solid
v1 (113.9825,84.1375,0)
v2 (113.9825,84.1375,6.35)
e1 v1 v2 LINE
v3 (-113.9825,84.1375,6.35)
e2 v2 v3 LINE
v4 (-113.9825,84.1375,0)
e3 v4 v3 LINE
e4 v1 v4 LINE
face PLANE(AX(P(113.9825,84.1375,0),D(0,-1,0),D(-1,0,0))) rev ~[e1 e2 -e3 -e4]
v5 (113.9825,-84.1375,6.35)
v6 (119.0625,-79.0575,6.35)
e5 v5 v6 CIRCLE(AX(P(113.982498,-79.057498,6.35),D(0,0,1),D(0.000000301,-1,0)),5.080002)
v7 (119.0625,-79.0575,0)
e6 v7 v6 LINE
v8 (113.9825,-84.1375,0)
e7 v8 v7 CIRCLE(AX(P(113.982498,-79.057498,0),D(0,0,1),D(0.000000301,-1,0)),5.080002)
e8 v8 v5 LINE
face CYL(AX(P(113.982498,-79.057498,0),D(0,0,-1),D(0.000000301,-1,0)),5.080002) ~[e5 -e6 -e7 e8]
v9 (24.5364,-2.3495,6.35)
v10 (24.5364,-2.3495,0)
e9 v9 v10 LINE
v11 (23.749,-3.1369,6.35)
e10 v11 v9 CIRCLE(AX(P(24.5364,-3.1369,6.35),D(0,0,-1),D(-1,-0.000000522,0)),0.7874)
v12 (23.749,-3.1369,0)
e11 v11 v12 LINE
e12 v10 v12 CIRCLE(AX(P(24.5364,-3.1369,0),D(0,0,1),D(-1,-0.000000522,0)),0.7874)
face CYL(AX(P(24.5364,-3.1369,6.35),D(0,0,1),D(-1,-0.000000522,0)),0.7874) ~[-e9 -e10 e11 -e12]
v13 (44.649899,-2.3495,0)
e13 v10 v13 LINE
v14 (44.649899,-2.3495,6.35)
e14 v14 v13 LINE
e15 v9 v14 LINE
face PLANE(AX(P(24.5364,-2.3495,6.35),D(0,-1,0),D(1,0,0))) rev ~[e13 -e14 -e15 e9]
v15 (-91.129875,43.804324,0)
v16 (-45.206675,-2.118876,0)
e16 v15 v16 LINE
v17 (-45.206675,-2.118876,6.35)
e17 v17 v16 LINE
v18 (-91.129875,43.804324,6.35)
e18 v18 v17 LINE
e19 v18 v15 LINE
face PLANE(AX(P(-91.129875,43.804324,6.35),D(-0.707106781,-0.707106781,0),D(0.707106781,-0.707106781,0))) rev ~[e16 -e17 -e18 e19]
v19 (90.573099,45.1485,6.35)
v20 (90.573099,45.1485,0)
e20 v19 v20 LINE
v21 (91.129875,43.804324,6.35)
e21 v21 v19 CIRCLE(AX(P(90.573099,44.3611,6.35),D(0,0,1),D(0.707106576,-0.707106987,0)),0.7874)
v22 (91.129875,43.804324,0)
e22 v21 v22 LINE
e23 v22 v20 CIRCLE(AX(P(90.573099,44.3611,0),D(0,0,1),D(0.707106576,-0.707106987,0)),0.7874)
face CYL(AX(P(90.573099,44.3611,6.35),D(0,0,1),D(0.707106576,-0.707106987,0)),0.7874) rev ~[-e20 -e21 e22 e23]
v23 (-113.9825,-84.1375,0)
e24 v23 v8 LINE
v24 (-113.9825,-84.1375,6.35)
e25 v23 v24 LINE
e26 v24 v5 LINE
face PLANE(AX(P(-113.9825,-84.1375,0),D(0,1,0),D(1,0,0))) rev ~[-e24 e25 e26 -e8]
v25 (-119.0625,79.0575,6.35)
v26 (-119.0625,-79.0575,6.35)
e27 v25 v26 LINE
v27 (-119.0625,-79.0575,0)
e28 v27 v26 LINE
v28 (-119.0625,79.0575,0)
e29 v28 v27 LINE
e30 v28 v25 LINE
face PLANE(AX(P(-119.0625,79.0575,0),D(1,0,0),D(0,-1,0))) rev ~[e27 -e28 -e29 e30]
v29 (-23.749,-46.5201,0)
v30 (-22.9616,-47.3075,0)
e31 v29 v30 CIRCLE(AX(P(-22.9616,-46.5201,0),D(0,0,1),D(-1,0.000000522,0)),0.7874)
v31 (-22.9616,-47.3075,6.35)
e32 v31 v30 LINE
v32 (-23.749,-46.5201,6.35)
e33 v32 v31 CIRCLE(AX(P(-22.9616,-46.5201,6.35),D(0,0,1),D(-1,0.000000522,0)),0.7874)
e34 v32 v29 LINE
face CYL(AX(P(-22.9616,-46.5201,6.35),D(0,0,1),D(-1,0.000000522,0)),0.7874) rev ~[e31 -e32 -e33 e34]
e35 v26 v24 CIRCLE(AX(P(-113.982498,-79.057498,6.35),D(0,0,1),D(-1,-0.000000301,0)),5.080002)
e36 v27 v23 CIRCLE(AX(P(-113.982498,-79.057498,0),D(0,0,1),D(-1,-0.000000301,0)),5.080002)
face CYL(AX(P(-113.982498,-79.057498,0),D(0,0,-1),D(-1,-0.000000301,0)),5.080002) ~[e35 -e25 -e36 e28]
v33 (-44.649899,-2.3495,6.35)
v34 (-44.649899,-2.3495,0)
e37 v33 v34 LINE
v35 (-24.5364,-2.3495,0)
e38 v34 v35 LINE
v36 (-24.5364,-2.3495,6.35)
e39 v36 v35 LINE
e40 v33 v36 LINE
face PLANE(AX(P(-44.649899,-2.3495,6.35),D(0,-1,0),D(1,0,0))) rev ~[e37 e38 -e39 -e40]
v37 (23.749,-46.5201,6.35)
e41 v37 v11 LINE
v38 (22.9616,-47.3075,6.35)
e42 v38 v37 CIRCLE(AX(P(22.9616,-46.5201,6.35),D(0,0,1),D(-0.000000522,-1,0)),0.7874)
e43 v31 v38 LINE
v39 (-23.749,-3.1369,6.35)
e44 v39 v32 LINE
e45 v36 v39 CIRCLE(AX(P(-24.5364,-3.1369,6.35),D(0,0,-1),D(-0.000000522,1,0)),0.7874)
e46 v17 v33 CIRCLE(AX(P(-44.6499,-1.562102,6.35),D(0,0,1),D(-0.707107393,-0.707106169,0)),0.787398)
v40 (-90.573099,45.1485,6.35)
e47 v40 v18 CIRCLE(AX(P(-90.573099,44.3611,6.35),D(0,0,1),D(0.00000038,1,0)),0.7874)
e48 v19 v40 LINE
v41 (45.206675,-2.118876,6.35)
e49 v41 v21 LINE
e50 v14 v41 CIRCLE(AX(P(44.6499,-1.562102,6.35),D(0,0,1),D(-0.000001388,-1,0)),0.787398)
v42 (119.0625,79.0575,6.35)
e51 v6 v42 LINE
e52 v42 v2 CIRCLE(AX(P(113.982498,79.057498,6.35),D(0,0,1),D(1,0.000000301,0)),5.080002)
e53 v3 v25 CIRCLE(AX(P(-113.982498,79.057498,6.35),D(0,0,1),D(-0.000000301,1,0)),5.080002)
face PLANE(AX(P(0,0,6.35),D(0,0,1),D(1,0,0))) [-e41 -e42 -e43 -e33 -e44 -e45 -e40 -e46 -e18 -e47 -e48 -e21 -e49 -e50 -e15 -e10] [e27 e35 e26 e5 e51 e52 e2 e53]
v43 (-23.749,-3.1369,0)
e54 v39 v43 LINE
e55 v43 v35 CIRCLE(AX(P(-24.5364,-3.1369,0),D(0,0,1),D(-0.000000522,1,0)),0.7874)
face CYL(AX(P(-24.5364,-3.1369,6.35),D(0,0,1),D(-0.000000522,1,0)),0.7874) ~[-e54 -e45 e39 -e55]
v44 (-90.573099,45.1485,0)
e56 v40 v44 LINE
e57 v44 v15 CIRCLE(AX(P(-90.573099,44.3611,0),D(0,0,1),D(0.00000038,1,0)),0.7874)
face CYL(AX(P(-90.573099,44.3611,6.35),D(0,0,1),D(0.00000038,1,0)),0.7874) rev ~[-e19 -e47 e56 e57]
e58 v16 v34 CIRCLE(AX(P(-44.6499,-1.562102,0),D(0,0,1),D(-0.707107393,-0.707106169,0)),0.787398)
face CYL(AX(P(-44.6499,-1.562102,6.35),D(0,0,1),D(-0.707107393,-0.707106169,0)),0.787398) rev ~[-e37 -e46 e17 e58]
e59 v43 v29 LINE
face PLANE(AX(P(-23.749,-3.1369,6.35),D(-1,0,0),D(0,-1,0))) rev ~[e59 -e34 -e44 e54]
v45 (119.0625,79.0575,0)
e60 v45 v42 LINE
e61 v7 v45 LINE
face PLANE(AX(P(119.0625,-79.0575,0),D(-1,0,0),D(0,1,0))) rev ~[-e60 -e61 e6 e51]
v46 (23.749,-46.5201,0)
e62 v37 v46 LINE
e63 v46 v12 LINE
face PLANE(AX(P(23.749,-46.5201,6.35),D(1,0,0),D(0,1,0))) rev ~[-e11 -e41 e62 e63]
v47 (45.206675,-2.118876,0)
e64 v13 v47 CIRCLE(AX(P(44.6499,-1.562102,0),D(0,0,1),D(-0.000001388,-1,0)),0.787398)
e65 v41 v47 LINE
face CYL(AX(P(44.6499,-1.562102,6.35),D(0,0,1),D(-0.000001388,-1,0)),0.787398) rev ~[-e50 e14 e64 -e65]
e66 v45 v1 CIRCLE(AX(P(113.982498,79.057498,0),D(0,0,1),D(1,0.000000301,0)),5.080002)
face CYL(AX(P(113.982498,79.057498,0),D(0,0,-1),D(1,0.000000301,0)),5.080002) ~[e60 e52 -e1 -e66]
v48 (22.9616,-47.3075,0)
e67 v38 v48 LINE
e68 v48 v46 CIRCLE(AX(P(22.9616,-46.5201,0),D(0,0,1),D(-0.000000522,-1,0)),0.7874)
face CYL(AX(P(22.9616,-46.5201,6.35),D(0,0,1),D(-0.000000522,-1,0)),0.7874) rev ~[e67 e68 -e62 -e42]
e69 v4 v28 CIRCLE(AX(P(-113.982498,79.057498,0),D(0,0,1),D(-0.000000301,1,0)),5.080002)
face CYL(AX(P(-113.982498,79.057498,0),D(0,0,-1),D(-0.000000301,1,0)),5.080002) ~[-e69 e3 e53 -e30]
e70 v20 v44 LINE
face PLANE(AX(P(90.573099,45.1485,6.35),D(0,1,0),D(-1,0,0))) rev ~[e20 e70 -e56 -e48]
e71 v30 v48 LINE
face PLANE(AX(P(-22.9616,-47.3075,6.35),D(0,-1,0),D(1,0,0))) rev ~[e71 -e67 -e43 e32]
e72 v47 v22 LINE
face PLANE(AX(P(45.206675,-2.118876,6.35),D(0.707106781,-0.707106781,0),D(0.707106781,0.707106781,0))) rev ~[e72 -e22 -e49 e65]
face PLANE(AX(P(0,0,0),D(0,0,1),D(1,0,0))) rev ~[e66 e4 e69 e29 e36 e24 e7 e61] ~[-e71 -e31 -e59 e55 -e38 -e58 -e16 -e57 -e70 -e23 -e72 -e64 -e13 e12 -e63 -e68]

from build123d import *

# Parameters (mm, degrees)
F1_DEPTH = 6.35
F3_DEPTH = 25.4
F5_DEPTH = 25.4


with BuildPart() as f1:
    # F0 (on Top) → F1 (new body)
    with BuildSketch(Plane.XY):
        with BuildLine():
            Line((113.9825, 84.1375), (-113.9825, 84.1375))
            ThreePointArc((-113.9825, 84.1375), (-117.574602, 82.649602), (-119.0625, 79.0575))
            Line((-119.0625, 79.0575), (-119.0625, -79.0575))
            ThreePointArc((-119.0625, -79.0575), (-117.574602, -82.649602), (-113.9825, -84.1375))
            Line((-113.9825, -84.1375), (113.9825, -84.1375))
            ThreePointArc((113.9825, -84.1375), (117.574602, -82.649602), (119.0625, -79.0575))
            Line((119.0625, -79.0575), (119.0625, 79.0575))
            ThreePointArc((119.0625, 79.0575), (117.574602, 82.649602), (113.9825, 84.1375))
        make_face()
    extrude(amount=F1_DEPTH)

    # F2 (on face) → F3 (cut)
    with BuildSketch(Plane.XY.offset(6.35)):
        Polygon((89.408, 43.8785), (0, 43.8785), (-89.408, 43.8785), (-44.45, -1.0795), (-22.479, -1.0795), (-22.479, -46.0375), (0, -46.0375), (22.479, -46.0375), (22.479, -1.0795), (44.45, -1.0795), align=None)
    extrude(amount=-F3_DEPTH, mode=Mode.SUBTRACT)

    # F4 (on face) → F5 (cut)
    with BuildSketch(Plane.XY.offset(6.35)):
        with BuildLine():
            ThreePointArc((-90.573099, 45.1485), (-91.300562, 44.662425), (-91.129875, 43.804324))
            Line((-91.129875, 43.804324), (-45.206675, -2.118876))
            ThreePointArc((-45.206675, -2.118876), (-44.951224, -2.289563), (-44.649899, -2.3495))
            Line((-44.649899, -2.3495), (-24.5364, -2.3495))
            ThreePointArc((-24.5364, -2.3495), (-23.979624, -2.580124), (-23.749, -3.1369))
            Line((-23.749, -3.1369), (-23.749, -46.5201))
            ThreePointArc((-23.749, -46.5201), (-23.518376, -47.076876), (-22.9616, -47.3075))
            Line((-22.9616, -47.3075), (22.9616, -47.3075))
            ThreePointArc((22.9616, -47.3075), (23.518376, -47.076876), (23.749, -46.5201))
            Line((23.749, -46.5201), (23.749, -3.1369))
            ThreePointArc((23.749, -3.1369), (23.979624, -2.580124), (24.5364, -2.3495))
            Line((24.5364, -2.3495), (44.649899, -2.3495))
            ThreePointArc((44.649899, -2.3495), (44.951224, -2.289563), (45.206675, -2.118876))
            Line((45.206675, -2.118876), (91.129875, 43.804324))
            ThreePointArc((91.129875, 43.804324), (91.300562, 44.662425), (90.573099, 45.1485))
            Line((90.573099, 45.1485), (-90.573099, 45.1485))
        make_face()
    extrude(amount=-F5_DEPTH, mode=Mode.SUBTRACT)


solid = f1.part
